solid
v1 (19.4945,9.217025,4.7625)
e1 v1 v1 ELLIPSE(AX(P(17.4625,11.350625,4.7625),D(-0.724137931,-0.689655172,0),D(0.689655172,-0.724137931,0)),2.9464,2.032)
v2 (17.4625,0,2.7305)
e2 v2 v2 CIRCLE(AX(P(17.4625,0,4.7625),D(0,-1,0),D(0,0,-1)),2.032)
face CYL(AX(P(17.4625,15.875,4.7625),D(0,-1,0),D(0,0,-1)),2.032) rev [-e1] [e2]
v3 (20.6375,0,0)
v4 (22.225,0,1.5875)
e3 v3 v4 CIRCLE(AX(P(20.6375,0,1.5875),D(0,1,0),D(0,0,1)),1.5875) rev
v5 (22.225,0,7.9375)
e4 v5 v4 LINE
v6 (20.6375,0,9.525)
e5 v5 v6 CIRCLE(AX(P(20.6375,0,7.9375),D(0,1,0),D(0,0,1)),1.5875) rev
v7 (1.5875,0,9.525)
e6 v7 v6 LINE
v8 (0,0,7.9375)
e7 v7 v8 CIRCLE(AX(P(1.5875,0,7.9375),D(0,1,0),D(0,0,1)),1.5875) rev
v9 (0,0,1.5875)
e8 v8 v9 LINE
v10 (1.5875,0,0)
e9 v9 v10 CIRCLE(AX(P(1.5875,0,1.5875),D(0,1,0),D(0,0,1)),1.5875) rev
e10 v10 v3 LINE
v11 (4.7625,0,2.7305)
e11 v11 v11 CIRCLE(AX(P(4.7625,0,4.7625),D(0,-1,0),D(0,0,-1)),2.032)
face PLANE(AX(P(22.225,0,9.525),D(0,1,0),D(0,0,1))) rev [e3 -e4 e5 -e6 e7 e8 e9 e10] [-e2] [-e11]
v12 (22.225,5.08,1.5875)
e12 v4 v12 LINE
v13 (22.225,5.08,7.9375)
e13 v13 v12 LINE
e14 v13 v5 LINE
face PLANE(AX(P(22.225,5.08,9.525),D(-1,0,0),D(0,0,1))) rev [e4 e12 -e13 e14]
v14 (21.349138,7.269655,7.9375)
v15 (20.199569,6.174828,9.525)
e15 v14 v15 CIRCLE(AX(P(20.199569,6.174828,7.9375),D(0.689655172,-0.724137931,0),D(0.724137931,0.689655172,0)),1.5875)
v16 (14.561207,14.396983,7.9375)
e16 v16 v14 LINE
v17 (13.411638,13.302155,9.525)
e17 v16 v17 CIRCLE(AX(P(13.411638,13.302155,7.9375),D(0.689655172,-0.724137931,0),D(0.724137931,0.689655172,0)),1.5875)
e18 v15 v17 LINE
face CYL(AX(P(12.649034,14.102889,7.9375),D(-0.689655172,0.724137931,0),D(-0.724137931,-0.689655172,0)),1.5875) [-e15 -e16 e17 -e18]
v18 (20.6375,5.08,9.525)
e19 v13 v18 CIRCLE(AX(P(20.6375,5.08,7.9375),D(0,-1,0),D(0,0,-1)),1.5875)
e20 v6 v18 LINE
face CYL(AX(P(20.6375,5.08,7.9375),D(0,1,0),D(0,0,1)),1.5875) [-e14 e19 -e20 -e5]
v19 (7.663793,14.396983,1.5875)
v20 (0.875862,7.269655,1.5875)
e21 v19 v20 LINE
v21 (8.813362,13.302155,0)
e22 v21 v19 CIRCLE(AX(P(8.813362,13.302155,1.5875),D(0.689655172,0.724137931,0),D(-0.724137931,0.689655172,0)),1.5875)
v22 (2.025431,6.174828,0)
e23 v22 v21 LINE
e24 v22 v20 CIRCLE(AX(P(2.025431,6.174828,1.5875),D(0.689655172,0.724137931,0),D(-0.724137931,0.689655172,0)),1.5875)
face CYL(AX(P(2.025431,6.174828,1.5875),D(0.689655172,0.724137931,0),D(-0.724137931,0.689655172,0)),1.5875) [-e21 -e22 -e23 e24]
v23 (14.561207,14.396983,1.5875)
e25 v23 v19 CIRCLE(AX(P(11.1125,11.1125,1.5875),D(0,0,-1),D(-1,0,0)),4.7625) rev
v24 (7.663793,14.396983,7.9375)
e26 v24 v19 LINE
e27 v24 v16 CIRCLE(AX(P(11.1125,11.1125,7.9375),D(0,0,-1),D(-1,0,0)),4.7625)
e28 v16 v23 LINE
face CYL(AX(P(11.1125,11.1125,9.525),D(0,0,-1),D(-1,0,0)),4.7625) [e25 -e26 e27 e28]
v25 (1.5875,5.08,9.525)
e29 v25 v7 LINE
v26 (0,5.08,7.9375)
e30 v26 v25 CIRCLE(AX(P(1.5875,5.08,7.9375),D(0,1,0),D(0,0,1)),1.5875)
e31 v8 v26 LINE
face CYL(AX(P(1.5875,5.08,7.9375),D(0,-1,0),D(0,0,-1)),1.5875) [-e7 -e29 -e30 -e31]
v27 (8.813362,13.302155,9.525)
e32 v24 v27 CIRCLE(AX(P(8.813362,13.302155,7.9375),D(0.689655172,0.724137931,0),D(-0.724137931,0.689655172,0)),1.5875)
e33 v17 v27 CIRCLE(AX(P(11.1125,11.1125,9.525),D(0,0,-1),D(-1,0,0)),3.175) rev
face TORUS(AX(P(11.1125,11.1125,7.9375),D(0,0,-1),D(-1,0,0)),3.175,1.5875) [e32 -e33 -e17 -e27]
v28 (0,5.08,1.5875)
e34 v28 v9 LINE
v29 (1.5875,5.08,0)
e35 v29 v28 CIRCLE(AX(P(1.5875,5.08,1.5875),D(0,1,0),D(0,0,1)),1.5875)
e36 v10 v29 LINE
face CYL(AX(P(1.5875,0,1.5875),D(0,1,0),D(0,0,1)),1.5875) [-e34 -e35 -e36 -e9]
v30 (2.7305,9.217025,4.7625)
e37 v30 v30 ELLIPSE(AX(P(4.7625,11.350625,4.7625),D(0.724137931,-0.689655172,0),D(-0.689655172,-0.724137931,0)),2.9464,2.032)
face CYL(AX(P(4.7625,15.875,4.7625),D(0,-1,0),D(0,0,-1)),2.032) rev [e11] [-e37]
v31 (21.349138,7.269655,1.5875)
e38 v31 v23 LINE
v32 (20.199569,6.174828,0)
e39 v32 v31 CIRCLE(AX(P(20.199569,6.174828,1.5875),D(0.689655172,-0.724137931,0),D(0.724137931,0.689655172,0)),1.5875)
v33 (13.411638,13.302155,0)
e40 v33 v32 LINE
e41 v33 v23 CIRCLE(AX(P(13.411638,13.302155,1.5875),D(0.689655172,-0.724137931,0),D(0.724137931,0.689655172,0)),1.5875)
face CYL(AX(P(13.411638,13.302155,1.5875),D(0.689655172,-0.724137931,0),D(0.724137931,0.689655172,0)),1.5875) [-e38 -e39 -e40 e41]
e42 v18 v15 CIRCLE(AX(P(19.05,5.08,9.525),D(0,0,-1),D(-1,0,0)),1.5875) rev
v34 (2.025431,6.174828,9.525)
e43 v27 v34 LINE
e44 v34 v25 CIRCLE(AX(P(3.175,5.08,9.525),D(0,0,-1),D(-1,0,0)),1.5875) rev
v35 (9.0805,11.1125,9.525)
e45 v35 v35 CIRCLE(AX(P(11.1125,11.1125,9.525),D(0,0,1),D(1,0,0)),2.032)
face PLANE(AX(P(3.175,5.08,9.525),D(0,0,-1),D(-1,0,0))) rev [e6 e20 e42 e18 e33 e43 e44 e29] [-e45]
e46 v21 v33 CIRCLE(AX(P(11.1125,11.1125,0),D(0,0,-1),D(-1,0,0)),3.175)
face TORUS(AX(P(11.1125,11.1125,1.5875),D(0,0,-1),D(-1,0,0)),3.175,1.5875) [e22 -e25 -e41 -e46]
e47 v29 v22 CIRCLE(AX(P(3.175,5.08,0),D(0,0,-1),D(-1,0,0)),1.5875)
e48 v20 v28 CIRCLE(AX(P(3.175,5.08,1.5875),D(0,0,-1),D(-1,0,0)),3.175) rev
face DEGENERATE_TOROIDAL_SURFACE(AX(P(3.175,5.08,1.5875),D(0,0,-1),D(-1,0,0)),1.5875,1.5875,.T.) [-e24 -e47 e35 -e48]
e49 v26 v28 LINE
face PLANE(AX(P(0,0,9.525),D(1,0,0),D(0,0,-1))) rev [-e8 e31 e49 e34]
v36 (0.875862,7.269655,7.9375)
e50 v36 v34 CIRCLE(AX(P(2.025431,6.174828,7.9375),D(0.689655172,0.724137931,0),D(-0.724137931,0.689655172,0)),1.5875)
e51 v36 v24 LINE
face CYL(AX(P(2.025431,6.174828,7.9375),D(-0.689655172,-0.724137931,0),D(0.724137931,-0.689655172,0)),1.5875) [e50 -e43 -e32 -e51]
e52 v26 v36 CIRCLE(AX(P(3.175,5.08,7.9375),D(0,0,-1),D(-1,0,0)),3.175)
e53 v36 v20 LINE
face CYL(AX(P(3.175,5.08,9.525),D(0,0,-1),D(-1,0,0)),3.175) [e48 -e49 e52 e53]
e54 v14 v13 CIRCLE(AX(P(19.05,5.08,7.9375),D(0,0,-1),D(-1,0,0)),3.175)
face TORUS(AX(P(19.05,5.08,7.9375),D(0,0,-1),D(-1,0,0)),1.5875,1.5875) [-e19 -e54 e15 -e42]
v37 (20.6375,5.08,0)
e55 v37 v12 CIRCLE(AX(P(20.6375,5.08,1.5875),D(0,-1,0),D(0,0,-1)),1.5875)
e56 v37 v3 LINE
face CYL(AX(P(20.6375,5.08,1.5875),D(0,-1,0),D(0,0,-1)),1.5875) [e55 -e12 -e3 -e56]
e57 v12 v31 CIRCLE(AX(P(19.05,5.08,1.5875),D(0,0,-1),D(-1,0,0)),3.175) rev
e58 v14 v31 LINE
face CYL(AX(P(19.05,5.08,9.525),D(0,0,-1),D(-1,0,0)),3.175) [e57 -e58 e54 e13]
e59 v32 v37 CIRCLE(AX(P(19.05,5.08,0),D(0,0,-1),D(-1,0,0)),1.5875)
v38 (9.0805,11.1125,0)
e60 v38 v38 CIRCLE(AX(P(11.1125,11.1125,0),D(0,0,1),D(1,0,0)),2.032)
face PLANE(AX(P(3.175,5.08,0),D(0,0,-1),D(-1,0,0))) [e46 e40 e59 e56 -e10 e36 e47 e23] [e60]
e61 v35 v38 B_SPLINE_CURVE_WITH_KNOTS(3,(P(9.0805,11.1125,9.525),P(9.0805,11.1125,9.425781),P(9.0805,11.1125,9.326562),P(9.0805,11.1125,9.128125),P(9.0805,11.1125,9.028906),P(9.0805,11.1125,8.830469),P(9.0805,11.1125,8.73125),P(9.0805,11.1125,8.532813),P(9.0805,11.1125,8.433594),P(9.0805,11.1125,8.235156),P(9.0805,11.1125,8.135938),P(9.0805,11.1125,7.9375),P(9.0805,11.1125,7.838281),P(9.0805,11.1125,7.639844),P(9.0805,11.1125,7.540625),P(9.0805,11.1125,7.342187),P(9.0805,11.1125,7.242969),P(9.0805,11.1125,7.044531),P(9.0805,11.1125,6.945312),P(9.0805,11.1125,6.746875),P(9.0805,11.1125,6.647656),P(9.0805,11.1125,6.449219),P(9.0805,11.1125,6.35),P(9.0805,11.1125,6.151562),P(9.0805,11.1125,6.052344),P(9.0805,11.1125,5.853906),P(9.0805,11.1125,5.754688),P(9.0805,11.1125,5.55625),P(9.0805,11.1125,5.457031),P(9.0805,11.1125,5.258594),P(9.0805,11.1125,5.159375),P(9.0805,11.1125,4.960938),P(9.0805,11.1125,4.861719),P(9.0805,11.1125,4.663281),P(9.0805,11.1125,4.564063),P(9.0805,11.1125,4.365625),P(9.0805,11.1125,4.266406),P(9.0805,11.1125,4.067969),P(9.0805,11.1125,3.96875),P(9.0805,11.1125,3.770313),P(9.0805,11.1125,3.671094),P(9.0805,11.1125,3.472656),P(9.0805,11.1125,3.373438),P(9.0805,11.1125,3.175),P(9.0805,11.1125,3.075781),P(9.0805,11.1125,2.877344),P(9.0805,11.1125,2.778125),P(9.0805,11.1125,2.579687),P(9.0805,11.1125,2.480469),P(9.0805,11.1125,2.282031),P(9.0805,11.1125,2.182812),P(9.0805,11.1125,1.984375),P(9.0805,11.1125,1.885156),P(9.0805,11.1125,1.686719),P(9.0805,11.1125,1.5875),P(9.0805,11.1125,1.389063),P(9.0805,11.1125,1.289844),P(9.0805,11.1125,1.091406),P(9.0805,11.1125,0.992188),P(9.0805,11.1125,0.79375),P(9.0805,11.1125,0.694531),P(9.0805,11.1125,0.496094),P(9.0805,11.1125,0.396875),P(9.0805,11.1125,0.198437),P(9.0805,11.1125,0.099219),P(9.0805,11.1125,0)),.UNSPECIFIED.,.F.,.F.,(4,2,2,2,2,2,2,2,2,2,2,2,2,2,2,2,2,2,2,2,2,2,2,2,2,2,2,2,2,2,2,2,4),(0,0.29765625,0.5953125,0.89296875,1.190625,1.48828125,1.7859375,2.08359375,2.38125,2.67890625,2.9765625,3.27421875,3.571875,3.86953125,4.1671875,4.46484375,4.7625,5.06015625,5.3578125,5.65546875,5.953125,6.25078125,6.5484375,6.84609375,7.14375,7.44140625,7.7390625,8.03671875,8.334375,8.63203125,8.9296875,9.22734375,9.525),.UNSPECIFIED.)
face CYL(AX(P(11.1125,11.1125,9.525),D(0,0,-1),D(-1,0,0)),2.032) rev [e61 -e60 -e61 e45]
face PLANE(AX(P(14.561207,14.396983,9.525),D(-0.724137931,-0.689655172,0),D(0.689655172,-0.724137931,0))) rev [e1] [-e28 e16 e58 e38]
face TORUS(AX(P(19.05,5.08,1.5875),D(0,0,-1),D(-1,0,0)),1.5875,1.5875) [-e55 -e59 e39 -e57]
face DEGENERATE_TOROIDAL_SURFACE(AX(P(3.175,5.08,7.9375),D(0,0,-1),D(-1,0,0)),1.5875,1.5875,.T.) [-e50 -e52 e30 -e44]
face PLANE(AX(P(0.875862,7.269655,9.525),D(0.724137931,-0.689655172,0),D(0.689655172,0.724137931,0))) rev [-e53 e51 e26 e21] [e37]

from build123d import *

# Parameters (mm, degrees)
SKETCH1_R           = 2.032
BOSS_EXTRUDE1_DEPTH = 9.525
SKETCH2_R           = 2.032
CUT_EXTRUDE1_DEPTH  = 29.925626614
FILLET1_R           = 1.5875


with BuildPart() as part:
    # Sketch1 → Boss-Extrude1 (new body)
    with BuildSketch(Plane.XY):
        with BuildLine():
            Line((0, 0), (0, 5.08))
            ThreePointArc((0, 5.08), (0.227086506, 6.259165397), (0.875862069, 7.269655172))
            Line((0.875862069, 7.269655172), (7.663793103, 14.396982759))
            ThreePointArc((7.663793103, 14.396982759), (11.1125, 15.875), (14.561206897, 14.396982759))
            Line((14.561206897, 14.396982759), (21.349137931, 7.269655172))
            ThreePointArc((21.349137931, 7.269655172), (21.997913494, 6.259165397), (22.225, 5.08))
            Line((22.225, 5.08), (22.225, 0))
            Line((22.225, 0), (0, 0))
        make_face()
        with Locations(Location((11.1125, 11.1125, 0), (0, 0, 180))):
            Circle(SKETCH1_R, mode=Mode.SUBTRACT)
    extrude(amount=BOSS_EXTRUDE1_DEPTH)

    # Sketch2 → Cut-Extrude1 (cut, through all)
    with BuildSketch(Plane.XZ):
        with Locations(Location((4.7625, 4.7625, 0), (0, 0, 270))):
            Circle(SKETCH2_R)
        with Locations(Location((17.4625, 4.7625, 0), (0, 0, 270))):
            Circle(SKETCH2_R)
    extrude(amount=-CUT_EXTRUDE1_DEPTH, mode=Mode.SUBTRACT)

    # Fillet1
    fillet1_edges = [part.edges().sort_by_distance(p)[0] for p in [
        (17.955172414, 10.833318966, 0),
        (21.997913494, 6.259165397, 0),
        (22.225, 2.54, 0),
        (21.997913494, 6.259165397, 9.525),
        (17.955172414, 10.833318966, 9.525),
        (11.1125, 15.875, 9.525),
        (4.269827586, 10.833318966, 9.525),
        (0.227086506, 6.259165397, 9.525),
        (0, 2.54, 9.525),
        (0, 2.54, 0),
        (22.225, 2.54, 9.525),
        (0.227086506, 6.259165397, 0),
        (4.269827586, 10.833318966, 0),
        (11.1125, 15.875, 0),
    ]]
    fillet(fillet1_edges, radius=FILLET1_R)


solid = part.part
